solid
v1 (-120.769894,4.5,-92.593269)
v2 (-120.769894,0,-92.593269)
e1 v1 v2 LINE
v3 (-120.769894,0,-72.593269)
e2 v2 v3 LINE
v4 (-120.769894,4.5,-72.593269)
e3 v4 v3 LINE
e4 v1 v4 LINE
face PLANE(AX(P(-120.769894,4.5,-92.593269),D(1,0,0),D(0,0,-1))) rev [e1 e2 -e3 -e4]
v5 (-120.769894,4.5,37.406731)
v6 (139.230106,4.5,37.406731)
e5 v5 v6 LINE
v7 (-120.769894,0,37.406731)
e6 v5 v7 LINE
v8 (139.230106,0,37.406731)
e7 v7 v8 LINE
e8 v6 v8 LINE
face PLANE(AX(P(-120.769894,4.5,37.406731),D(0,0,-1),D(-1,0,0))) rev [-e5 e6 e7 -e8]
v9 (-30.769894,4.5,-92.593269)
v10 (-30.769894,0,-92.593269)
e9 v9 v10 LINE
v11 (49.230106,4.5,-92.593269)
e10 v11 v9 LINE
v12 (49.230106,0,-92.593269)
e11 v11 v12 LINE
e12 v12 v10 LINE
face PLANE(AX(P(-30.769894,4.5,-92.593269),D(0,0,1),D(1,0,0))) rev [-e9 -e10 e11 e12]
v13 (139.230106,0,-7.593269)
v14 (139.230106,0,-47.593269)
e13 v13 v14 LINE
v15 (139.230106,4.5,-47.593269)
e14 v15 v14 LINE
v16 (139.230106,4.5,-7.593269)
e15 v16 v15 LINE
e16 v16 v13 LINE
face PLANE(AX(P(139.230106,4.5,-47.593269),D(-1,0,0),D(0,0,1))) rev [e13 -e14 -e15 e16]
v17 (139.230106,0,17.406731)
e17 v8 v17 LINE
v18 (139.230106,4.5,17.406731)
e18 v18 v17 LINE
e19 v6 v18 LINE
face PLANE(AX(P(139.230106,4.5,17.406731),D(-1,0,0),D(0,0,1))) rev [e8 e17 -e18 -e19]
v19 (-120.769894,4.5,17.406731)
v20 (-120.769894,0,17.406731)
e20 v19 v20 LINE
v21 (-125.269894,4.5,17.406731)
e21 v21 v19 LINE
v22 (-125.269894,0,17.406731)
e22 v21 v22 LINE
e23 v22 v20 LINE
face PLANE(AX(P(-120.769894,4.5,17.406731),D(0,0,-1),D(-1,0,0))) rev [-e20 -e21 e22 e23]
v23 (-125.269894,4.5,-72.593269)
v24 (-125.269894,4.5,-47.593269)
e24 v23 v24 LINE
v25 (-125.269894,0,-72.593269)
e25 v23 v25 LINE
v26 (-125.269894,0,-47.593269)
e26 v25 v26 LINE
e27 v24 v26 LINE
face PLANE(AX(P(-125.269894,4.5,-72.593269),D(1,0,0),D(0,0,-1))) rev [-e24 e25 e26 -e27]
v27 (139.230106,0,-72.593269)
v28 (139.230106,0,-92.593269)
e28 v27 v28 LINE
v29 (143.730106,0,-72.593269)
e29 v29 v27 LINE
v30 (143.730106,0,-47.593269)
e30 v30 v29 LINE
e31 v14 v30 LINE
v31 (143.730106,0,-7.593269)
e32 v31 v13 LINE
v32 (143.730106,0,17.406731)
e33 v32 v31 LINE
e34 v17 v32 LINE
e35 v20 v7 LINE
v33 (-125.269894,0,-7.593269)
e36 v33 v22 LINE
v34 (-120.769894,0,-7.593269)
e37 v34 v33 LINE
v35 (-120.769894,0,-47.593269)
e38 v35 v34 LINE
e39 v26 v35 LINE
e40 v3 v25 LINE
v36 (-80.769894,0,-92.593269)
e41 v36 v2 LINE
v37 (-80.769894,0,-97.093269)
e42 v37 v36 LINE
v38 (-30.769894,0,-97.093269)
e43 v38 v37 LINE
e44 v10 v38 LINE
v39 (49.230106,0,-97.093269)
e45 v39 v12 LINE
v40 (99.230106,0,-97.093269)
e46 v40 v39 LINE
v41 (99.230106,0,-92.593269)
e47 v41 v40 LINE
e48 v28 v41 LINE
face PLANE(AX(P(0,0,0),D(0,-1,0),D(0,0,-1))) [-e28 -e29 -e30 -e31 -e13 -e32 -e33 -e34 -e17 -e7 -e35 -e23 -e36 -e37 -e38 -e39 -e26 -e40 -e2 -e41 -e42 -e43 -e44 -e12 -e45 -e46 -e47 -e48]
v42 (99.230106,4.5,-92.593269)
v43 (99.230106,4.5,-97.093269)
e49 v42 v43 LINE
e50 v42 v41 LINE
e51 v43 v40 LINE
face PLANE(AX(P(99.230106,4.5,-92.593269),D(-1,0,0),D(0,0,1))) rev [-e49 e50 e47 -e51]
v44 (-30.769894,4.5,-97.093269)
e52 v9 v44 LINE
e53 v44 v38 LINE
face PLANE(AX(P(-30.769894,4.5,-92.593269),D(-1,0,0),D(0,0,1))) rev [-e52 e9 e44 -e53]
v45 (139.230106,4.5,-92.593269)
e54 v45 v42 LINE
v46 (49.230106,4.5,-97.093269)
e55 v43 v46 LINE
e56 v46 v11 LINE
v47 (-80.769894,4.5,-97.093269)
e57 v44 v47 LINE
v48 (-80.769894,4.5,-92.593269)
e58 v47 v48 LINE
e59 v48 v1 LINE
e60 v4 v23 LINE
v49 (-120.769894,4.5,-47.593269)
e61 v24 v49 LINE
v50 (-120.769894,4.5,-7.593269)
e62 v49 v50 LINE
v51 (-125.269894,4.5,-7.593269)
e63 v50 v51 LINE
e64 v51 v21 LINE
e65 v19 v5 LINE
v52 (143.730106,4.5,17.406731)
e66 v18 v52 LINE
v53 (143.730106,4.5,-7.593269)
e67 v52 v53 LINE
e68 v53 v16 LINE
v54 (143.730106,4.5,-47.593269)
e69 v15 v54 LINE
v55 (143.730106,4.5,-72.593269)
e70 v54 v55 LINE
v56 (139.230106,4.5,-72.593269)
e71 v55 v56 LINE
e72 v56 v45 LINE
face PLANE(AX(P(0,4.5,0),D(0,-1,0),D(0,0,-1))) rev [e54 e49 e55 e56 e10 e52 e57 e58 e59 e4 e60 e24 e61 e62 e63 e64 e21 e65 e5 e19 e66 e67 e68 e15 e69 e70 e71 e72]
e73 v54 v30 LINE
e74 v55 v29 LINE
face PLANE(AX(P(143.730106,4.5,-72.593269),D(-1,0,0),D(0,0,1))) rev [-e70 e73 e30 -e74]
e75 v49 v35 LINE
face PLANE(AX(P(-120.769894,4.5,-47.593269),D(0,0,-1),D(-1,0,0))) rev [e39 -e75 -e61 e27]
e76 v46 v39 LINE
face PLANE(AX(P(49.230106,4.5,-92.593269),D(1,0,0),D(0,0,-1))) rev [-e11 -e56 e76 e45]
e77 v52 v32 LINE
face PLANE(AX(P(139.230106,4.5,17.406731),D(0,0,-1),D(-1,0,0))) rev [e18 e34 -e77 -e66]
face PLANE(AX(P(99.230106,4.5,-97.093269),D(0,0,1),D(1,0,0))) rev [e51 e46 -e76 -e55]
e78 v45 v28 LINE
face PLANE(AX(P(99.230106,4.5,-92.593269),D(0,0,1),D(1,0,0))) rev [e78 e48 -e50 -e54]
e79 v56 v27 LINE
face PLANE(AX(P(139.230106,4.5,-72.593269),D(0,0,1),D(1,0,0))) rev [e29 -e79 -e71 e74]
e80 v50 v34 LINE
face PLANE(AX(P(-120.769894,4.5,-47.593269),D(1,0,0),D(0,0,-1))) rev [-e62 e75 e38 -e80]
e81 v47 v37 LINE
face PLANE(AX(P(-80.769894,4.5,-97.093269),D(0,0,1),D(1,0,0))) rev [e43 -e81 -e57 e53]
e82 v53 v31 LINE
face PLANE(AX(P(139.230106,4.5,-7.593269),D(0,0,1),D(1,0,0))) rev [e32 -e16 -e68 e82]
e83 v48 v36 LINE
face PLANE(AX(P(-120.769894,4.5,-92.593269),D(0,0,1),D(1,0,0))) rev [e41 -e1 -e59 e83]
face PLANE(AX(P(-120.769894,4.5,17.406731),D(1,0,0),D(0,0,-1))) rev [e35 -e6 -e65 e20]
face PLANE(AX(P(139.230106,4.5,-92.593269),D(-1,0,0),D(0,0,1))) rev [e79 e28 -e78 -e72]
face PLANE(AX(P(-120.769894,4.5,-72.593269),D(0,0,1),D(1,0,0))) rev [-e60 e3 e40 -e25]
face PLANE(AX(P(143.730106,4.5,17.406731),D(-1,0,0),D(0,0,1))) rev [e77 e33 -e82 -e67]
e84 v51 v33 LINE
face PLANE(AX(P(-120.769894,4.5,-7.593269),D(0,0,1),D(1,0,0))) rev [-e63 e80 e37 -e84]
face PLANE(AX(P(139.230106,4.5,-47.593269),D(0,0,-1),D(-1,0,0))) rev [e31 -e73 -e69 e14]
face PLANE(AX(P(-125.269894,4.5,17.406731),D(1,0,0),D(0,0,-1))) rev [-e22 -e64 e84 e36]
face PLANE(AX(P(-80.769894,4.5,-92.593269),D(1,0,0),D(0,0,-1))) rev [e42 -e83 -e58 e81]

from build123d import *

# Parameters (mm, degrees)
BOSS_EXTRUDE1_DEPTH = 4.5


with BuildPart() as part:
    # Sketch1 → Boss-Extrude1 (new body)
    with BuildSketch(Plane(origin=(0, 0, 0), x_dir=(1, 0, 0), z_dir=(0, 1, 0))):
        Polygon((-120.769894135, 92.593269483), (-80.769894135, 92.593269483), (-80.769894135, 97.093269483), (-30.769894135, 97.093269483), (-30.769894135, 92.593269483), (49.230105865, 92.593269483), (49.230105865, 97.093269483), (99.230105865, 97.093269483), (99.230105865, 92.593269483), (139.230105865, 92.593269483), (139.230105865, 72.593269483), (143.730105865, 72.593269483), (143.730105865, 47.593269483), (139.230105865, 47.593269483), (139.230105865, 7.593269483), (143.730105865, 7.593269483), (143.730105865, -17.406730517), (139.230105865, -17.406730517), (139.230105865, -37.406730517), (-120.769894135, -37.406730517), (-120.769894135, -17.406730517), (-125.269894135, -17.406730517), (-125.269894135, 7.593269483), (-120.769894135, 7.593269483), (-120.769894135, 47.593269483), (-125.269894135, 47.593269483), (-125.269894135, 72.593269483), (-120.769894135, 72.593269483), align=None)
    extrude(amount=BOSS_EXTRUDE1_DEPTH)


solid = part.part
